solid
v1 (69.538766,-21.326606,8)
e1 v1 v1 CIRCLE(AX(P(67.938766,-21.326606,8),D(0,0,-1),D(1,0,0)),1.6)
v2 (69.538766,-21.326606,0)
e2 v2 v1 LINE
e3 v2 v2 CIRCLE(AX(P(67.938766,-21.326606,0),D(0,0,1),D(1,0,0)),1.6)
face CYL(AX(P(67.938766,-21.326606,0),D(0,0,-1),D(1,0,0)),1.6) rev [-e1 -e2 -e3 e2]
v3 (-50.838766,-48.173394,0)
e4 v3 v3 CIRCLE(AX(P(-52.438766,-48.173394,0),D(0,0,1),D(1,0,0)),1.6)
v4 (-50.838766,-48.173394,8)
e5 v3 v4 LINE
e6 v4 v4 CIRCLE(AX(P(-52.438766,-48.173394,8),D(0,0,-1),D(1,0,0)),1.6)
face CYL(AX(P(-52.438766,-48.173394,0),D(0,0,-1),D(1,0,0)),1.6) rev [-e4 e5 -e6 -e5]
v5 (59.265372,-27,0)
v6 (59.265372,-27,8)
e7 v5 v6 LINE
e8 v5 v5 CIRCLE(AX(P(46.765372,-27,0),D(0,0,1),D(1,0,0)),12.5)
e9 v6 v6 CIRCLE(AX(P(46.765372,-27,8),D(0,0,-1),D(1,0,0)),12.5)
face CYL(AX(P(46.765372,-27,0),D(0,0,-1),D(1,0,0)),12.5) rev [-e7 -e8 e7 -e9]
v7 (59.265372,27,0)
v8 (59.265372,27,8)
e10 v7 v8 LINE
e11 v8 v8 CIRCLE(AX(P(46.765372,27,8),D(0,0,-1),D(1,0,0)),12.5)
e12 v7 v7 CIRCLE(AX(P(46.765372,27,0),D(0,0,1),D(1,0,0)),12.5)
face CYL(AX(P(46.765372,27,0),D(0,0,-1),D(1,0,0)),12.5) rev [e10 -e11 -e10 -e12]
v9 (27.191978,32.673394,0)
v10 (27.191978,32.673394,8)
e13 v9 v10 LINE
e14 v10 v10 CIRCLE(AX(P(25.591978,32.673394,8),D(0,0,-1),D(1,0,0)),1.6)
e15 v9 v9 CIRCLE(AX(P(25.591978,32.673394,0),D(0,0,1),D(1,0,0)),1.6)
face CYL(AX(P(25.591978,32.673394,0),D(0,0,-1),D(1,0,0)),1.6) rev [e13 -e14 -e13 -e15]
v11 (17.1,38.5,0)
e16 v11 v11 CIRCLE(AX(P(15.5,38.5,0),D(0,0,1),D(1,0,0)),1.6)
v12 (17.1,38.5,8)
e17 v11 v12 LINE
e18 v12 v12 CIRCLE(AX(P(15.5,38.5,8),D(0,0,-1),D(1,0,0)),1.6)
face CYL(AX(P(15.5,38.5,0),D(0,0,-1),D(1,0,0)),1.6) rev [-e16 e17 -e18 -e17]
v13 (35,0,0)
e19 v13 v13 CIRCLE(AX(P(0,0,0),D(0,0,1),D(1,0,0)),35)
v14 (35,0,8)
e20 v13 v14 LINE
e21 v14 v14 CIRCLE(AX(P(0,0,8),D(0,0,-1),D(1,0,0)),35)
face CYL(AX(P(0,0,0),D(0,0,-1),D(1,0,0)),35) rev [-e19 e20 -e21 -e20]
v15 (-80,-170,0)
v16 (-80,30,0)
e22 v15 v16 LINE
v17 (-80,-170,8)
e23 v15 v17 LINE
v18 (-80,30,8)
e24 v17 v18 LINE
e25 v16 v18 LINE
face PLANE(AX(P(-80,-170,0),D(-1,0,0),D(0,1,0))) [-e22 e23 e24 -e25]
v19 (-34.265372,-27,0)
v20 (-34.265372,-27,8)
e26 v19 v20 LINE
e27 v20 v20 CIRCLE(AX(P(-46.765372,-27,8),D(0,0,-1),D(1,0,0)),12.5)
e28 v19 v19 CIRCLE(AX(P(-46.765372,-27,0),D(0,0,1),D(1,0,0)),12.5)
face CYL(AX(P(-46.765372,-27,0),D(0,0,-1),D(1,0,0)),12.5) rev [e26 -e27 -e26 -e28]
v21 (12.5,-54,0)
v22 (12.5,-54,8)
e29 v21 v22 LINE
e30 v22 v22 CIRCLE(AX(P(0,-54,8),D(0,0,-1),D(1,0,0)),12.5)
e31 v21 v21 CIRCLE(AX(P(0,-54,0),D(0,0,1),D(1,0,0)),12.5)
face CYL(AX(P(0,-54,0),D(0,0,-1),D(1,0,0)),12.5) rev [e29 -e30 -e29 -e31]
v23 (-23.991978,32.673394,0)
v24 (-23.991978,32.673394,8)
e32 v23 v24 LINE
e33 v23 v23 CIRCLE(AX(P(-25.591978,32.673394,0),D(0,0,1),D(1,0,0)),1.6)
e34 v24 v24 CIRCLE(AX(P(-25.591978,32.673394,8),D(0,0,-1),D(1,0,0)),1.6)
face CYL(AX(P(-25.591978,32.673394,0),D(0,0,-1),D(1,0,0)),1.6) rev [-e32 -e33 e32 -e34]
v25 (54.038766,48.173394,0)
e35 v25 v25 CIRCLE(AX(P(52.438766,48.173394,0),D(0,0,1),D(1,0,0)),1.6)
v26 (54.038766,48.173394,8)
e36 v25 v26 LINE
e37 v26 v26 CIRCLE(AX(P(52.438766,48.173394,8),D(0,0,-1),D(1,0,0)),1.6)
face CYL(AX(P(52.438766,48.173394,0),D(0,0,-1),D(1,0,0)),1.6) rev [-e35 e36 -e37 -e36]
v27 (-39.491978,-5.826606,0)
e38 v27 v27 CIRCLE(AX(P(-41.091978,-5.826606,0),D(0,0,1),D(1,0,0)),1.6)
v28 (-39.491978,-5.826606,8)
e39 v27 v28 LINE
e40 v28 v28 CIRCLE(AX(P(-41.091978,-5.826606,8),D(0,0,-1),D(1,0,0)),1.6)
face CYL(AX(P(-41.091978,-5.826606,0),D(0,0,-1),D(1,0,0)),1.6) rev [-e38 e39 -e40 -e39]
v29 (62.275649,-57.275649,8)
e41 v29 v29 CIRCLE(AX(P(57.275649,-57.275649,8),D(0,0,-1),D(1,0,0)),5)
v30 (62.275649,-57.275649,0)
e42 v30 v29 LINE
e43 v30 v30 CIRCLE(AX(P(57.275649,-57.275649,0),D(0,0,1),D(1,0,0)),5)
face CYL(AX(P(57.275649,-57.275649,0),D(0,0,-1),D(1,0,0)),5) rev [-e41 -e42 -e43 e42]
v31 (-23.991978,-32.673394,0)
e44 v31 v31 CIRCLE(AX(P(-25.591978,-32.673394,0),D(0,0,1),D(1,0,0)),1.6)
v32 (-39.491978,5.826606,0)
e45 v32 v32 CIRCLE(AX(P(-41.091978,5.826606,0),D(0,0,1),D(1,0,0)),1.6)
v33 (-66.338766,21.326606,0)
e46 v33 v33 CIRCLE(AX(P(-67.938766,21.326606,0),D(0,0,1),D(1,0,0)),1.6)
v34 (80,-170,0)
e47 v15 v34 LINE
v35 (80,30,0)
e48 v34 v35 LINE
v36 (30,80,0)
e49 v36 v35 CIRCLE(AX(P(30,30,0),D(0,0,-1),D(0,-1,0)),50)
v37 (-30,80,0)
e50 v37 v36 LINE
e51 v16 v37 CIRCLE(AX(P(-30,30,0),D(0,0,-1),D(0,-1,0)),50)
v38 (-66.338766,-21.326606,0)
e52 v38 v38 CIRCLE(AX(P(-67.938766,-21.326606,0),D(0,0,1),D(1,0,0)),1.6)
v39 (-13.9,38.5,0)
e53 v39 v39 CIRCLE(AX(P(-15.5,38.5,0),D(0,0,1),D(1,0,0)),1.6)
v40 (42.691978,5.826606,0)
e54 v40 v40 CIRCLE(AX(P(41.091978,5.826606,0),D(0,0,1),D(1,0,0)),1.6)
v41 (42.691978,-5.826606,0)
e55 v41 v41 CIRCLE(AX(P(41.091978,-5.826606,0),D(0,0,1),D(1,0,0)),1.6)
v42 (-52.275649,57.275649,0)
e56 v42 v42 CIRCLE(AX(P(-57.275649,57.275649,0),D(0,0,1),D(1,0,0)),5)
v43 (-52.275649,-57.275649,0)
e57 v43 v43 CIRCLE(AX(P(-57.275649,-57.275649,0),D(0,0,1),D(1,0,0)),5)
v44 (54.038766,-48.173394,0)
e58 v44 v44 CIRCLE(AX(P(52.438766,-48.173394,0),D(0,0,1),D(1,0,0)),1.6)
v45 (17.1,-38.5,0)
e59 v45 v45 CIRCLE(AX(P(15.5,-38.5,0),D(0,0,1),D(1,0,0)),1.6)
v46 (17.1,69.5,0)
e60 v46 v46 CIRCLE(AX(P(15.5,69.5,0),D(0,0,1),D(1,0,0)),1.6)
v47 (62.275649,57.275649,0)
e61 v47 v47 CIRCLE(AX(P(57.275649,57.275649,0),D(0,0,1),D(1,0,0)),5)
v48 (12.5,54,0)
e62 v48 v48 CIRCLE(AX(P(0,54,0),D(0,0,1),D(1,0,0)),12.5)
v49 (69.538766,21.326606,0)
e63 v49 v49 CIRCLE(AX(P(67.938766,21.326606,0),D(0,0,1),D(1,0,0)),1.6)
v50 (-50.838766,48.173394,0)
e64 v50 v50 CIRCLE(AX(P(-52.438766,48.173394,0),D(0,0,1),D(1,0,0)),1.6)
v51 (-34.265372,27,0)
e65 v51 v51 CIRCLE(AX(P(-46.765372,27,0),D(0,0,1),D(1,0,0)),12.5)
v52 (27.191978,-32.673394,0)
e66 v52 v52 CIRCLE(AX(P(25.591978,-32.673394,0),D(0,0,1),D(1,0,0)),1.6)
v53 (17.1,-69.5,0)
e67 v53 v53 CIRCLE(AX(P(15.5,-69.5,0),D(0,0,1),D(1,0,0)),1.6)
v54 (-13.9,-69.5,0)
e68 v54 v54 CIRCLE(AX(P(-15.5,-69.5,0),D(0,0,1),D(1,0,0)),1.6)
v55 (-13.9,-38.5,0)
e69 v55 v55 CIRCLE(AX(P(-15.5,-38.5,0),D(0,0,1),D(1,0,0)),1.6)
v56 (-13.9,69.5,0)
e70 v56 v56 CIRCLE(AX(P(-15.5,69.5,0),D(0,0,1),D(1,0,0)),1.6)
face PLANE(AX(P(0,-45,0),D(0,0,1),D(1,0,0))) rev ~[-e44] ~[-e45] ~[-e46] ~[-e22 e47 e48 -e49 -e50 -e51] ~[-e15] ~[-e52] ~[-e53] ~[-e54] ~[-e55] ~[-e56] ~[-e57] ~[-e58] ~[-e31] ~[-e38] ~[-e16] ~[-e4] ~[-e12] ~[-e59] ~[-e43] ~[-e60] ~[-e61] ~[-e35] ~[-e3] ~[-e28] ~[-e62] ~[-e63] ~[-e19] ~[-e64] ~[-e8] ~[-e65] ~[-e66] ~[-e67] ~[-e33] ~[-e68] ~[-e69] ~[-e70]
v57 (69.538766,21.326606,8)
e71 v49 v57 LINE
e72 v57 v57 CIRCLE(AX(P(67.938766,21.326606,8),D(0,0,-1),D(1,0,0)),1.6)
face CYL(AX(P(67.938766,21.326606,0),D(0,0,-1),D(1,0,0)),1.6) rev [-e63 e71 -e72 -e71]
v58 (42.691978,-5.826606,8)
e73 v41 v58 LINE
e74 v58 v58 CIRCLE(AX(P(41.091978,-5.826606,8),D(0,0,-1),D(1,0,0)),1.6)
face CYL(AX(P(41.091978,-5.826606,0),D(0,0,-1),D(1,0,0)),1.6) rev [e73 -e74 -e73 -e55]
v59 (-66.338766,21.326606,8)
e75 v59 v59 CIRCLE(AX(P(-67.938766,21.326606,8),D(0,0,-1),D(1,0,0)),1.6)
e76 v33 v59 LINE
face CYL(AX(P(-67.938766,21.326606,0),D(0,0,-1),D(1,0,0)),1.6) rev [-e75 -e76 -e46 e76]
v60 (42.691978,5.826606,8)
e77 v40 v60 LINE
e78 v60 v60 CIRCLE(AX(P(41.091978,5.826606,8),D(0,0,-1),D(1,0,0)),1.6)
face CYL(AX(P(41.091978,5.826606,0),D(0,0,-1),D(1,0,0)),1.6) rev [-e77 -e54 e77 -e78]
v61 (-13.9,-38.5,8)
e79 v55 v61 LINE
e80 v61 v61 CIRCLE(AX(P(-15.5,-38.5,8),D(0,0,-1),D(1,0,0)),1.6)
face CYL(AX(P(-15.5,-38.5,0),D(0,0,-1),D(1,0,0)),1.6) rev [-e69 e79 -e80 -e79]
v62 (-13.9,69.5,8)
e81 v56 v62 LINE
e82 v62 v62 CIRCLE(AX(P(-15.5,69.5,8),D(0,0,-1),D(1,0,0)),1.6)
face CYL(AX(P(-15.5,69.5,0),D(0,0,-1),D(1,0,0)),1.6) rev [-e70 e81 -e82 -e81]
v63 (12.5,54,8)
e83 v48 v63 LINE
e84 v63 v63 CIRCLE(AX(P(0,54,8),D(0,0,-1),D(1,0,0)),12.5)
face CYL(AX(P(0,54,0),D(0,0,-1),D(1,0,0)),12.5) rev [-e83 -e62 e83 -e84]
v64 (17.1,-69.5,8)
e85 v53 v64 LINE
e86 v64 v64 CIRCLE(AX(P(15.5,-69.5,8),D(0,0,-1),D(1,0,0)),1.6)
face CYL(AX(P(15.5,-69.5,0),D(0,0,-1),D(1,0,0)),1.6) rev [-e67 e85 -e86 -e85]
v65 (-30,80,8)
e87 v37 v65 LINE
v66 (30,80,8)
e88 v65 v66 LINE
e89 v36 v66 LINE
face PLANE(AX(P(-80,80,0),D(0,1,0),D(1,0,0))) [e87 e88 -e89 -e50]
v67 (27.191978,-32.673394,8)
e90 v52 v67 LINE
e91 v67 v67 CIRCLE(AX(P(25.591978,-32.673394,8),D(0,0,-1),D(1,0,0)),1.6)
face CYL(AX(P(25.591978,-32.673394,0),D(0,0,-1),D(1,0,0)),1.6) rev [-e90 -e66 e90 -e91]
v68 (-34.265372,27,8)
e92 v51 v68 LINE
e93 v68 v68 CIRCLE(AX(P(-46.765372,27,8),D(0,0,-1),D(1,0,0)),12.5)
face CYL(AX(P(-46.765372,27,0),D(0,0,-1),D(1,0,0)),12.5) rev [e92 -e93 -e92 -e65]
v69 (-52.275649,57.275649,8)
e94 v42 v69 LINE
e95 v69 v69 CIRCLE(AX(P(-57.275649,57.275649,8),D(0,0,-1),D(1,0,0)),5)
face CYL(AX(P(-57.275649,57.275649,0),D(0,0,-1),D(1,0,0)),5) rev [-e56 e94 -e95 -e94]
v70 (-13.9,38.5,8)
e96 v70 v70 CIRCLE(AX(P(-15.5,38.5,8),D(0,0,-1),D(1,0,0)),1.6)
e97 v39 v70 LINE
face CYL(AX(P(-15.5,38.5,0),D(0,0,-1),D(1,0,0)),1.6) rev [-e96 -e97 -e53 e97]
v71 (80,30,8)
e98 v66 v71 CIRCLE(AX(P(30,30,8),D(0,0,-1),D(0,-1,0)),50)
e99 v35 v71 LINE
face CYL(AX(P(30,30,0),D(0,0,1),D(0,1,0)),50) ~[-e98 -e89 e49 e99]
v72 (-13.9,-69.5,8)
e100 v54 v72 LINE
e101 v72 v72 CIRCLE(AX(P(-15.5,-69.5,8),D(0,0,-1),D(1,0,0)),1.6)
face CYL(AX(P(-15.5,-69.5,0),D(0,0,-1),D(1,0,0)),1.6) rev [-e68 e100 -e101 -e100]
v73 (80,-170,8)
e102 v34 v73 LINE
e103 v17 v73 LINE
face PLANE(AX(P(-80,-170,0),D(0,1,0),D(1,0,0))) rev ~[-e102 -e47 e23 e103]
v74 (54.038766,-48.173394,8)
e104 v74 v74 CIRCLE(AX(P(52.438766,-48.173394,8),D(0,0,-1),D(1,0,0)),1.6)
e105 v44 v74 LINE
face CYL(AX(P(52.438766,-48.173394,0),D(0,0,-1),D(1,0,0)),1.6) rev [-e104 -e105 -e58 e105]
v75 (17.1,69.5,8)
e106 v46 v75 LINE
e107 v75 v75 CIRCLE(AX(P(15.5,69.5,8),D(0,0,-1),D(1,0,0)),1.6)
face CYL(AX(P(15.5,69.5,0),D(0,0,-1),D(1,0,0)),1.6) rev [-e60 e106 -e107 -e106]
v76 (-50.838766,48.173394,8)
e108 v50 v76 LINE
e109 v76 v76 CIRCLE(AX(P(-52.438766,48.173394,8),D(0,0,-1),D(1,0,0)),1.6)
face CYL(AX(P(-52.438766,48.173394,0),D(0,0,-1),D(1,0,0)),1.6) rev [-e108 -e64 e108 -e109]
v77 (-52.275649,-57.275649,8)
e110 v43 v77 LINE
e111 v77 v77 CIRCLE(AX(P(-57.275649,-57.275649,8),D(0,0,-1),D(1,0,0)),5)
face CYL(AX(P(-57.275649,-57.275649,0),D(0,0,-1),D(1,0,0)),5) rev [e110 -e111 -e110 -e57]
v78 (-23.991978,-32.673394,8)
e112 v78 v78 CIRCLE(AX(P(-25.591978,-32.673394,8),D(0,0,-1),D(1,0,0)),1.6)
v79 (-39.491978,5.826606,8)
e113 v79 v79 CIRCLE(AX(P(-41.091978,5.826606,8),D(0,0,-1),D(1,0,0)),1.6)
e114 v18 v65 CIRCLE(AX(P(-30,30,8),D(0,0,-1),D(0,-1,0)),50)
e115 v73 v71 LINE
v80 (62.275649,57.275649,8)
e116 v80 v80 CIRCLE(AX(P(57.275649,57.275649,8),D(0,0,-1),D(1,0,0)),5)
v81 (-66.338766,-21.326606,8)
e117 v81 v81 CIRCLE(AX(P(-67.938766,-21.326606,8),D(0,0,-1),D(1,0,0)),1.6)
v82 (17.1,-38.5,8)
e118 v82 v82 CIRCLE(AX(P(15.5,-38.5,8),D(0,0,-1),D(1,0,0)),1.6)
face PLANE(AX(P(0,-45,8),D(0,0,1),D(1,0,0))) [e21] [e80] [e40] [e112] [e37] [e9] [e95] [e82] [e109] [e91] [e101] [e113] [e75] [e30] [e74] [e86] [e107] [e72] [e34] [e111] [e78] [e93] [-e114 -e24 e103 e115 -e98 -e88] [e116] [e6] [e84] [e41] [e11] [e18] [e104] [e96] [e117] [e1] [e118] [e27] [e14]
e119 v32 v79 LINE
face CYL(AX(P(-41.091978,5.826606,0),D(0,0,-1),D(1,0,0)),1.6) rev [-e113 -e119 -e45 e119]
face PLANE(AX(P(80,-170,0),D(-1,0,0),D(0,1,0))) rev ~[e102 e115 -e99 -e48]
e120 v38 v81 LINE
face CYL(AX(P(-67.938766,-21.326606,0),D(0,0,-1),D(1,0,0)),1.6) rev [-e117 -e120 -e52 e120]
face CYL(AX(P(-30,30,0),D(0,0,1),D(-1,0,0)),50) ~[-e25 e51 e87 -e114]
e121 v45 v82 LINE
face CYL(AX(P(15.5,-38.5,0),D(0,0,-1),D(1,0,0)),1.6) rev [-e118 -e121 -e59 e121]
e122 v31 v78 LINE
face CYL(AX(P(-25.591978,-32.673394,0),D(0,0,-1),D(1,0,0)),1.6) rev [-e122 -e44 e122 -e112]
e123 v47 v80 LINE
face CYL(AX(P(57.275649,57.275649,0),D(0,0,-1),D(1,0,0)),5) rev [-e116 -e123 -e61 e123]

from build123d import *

# Parameters (mm, degrees)
F0_W     = 160
F0_H     = 250
F1_DEPTH = 8
F2_R     = 35
F2_R_2   = 1.6
F2_R_3   = 12.5
F3_DEPTH = 8.001
F4_R     = 5
F5_DEPTH = 8.001
F6_R     = 50


with BuildPart() as f1:
    # F0 (on Top) → F1 (new body)
    with BuildSketch(Plane.XY):
        with Locations((0, -45)):
            Rectangle(F0_W, F0_H)
    extrude(amount=F1_DEPTH)

    # F2 (on Top) → F3 (cut, through all)
    with BuildSketch(Plane.XY):
        Circle(F2_R)
        with Locations((-15.5, 69.5)):
            Circle(F2_R_2)
        with Locations((15.5, 69.5)):
            Circle(F2_R_2)
        with Locations((15.5, 38.5)):
            Circle(F2_R_2)
        with Locations((-15.5, 38.5)):
            Circle(F2_R_2)
        with Locations((0, 54)):
            Circle(F2_R_3)
        with Locations((-67.938766, 21.326606)):
            Circle(F2_R_2)
        with Locations((-41.091978, 5.826606)):
            Circle(F2_R_2)
        with Locations((-25.591978, 32.673394)):
            Circle(F2_R_2)
        with Locations((-52.438766, 48.173394)):
            Circle(F2_R_2)
        with Locations((-46.765372, 27)):
            Circle(F2_R_3)
        with Locations((-52.438766, -48.173394)):
            Circle(F2_R_2)
        with Locations((-25.591978, -32.673394)):
            Circle(F2_R_2)
        with Locations((-41.091978, -5.826606)):
            Circle(F2_R_2)
        with Locations((-67.938766, -21.326606)):
            Circle(F2_R_2)
        with Locations((-46.765372, -27)):
            Circle(F2_R_3)
        with Locations((15.5, -69.5)):
            Circle(F2_R_2)
        with Locations((15.5, -38.5)):
            Circle(F2_R_2)
        with Locations((-15.5, -38.5)):
            Circle(F2_R_2)
        with Locations((-15.5, -69.5)):
            Circle(F2_R_2)
        with Locations((0, -54)):
            Circle(F2_R_3)
        with Locations((67.938766, -21.326606)):
            Circle(F2_R_2)
        with Locations((41.091978, -5.826606)):
            Circle(F2_R_2)
        with Locations((25.591978, -32.673394)):
            Circle(F2_R_2)
        with Locations((52.438766, -48.173394)):
            Circle(F2_R_2)
        with Locations((46.765372, -27)):
            Circle(F2_R_3)
        with Locations((52.438766, 48.173394)):
            Circle(F2_R_2)
        with Locations((25.591978, 32.673394)):
            Circle(F2_R_2)
        with Locations((41.091978, 5.826606)):
            Circle(F2_R_2)
        with Locations((67.938766, 21.326606)):
            Circle(F2_R_2)
        with Locations((46.765372, 27)):
            Circle(F2_R_3)
    extrude(amount=F3_DEPTH, mode=Mode.SUBTRACT)

    # F4 (on Top) → F5 (cut, through all)
    with BuildSketch(Plane.XY):
        with Locations((57.275649, 57.275649)):
            Circle(F4_R)
        with Locations((-57.275649, 57.275649)):
            Circle(F4_R)
        with Locations((-57.275649, -57.275649)):
            Circle(F4_R)
        with Locations((57.275649, -57.275649)):
            Circle(F4_R)
    extrude(amount=F5_DEPTH, mode=Mode.SUBTRACT)

    # F6
    f6_edges = [f1.edges().sort_by_distance(p)[0] for p in [
        (80, 80, 4),
        (-80, 80, 4),
    ]]
    fillet(f6_edges, radius=F6_R)


solid = f1.part
